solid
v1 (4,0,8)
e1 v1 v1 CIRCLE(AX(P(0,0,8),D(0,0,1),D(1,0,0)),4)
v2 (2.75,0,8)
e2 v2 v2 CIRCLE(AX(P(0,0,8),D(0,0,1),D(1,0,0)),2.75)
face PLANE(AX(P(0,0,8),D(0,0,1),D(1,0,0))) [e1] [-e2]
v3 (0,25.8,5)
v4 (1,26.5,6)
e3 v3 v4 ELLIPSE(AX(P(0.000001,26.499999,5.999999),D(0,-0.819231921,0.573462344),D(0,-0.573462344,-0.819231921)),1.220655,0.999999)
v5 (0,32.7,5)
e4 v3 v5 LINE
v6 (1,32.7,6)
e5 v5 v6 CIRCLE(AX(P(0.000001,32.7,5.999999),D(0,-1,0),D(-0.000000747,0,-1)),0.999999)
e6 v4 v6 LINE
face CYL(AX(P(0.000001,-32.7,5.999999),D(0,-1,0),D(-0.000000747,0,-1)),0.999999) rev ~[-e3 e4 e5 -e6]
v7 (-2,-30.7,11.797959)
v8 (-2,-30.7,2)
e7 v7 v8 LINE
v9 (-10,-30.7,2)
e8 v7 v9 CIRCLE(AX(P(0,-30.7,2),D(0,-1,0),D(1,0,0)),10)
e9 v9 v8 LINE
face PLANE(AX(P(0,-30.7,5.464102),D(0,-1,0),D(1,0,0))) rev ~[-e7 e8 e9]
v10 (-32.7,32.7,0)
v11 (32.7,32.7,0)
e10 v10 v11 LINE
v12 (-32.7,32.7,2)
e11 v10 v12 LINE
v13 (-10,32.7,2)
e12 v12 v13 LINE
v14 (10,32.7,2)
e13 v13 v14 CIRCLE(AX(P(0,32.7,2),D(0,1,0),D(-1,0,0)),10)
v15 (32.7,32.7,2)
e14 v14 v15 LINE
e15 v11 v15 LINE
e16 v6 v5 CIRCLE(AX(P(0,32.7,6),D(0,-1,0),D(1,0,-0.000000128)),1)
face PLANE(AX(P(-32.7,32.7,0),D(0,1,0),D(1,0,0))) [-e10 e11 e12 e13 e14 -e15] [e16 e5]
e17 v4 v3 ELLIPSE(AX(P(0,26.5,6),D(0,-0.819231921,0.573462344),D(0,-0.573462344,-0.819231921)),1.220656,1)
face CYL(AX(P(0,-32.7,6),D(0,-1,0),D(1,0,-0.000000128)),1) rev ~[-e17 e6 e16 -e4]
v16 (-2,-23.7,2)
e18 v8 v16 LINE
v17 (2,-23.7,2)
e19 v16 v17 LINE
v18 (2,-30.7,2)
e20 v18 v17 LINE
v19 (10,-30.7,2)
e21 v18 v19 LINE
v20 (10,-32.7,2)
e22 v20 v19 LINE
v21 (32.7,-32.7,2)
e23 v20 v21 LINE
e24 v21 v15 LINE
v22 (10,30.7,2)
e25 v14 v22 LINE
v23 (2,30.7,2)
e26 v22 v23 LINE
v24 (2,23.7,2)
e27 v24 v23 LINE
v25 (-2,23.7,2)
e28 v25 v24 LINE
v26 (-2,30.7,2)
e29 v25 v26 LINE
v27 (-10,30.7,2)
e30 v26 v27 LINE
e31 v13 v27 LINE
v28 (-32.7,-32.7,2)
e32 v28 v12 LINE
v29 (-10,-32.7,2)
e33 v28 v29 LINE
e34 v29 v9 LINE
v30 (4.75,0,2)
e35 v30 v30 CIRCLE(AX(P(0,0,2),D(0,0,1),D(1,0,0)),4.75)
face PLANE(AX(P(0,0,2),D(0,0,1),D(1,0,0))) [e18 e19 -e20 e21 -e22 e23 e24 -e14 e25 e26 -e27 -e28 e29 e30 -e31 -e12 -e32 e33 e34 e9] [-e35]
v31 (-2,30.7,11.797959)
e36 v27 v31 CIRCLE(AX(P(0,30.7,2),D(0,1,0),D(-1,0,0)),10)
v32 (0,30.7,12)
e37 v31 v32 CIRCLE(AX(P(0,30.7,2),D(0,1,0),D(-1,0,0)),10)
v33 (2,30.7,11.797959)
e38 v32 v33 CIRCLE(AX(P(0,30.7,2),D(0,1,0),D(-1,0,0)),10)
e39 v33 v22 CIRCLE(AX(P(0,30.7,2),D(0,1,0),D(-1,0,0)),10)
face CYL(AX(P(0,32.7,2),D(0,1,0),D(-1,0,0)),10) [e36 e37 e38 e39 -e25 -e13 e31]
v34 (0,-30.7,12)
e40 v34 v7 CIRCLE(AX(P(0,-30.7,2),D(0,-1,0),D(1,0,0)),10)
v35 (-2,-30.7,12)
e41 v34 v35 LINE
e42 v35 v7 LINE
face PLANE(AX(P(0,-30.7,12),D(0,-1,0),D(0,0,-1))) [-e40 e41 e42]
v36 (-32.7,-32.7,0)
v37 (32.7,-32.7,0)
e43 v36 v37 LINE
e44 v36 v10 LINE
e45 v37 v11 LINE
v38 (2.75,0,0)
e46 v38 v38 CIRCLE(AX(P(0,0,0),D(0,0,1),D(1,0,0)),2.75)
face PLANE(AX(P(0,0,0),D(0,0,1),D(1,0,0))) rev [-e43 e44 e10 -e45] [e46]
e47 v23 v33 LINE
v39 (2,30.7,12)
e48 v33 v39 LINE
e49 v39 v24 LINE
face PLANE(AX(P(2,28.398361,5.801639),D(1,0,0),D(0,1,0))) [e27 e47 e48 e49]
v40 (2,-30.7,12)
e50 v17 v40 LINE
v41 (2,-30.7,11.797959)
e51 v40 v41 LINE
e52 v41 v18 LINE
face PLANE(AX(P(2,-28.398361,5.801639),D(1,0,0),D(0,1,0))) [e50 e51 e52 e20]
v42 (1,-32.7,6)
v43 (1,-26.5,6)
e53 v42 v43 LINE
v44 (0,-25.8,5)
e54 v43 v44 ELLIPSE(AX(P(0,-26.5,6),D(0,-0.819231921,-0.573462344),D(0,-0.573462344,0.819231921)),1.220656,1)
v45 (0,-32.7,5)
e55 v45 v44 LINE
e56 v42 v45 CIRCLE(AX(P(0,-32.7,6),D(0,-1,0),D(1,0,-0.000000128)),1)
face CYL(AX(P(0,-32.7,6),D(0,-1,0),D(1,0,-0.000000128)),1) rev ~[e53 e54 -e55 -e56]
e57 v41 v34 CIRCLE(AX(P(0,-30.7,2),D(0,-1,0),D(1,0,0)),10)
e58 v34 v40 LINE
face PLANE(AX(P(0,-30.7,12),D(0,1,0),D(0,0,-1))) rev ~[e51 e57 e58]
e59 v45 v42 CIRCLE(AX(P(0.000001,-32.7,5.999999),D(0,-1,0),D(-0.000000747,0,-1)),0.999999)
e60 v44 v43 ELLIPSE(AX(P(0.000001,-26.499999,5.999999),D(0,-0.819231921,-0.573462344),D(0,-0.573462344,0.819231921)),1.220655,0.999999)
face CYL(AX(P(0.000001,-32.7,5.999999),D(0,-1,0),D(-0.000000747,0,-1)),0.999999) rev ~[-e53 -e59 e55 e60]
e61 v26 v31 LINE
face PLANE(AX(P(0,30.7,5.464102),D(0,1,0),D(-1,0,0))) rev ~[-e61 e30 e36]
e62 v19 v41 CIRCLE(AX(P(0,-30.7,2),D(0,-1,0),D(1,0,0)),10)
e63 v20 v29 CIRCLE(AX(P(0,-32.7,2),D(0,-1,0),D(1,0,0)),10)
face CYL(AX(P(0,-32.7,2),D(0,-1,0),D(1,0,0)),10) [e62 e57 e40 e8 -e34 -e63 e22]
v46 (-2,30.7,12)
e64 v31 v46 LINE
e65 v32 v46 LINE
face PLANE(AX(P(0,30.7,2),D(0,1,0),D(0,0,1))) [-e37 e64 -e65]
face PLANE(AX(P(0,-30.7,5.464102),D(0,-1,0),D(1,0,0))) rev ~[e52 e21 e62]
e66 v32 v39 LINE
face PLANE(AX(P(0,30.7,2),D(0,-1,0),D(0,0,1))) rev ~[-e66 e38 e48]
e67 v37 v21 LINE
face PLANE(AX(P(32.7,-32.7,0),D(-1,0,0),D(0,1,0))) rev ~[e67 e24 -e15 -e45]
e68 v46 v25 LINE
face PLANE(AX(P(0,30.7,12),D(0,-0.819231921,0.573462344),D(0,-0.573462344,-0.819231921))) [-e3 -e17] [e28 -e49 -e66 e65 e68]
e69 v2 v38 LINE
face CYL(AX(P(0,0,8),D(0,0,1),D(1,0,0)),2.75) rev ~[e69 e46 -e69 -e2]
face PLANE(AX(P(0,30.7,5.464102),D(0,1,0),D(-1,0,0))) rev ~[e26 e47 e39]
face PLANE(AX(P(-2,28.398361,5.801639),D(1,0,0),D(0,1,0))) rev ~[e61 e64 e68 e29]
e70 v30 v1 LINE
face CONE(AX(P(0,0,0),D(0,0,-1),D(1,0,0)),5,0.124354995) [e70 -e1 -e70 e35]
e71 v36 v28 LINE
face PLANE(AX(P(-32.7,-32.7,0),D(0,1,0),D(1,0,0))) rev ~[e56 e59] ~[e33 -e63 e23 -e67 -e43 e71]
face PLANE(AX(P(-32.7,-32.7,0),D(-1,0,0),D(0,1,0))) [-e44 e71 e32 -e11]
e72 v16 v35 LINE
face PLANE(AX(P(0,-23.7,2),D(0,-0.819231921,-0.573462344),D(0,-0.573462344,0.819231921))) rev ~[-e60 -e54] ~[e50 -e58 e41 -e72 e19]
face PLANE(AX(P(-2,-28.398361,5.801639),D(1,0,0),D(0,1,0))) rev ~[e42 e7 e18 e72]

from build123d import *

# Parameters (mm, degrees)
F0_W          = 65.4
F0_H          = 65.4
F1_DEPTH      = 2
F3_DEPTH      = 2
F5_DEPTH      = 2
F7_DEPTH      = 2
F7_DEPTH_BACK = 2
F9_DEPTH      = 65.401
F12_R         = 2.75
F13_DEPTH     = 8.001


with BuildPart() as f1:
    # F0 (on Top) → F1 (new body)
    with BuildSketch(Plane.XY):
        Rectangle(F0_W, F0_H)
    extrude(amount=F1_DEPTH)

    # F2 (on face) → F3 (join)
    with BuildSketch(Plane.XZ.offset(32.7)):
        with BuildLine():
            Line((-10, 2), (0, 2))
            Line((0, 2), (10, 2))
            ThreePointArc((10, 2), (0, 12), (-10, 2))
        make_face()
    extrude(amount=-F3_DEPTH)

    # F4 (on face) → F5 (join)
    with BuildSketch(Plane(origin=(0, 32.7, 0), x_dir=(-1, 0, 0), z_dir=(0, 1, 0))):
        with BuildLine():
            Line((-10, 2), (0, 2))
            Line((0, 2), (10, 2))
            ThreePointArc((10, 2), (0, 12), (-10, 2))
        make_face()
    extrude(amount=-F5_DEPTH)

    # F6 (on Right) → F7 (join, two sides)
    with BuildSketch(Plane.YZ) as f7_sk:
        Polygon((23.7, 2), (30.7, 2), (30.7, 12), align=None)
        Polygon((-23.7, 2), (-30.7, 12), (-30.7, 2), align=None)
    extrude(amount=F7_DEPTH)
    extrude(f7_sk.sketch, amount=-F7_DEPTH_BACK)

    # F8 (on face) → F9 (cut, through all)
    with BuildSketch(Plane.XZ.offset(32.7)):
        with BuildLine():
            ThreePointArc((0, 5), (0.707107, 5.292893), (1, 6))
            ThreePointArc((1, 6), (-0.707107, 6.707107), (0, 5))
        make_face()
    extrude(amount=-F9_DEPTH, mode=Mode.SUBTRACT)

    # F10 (on Front) → F11 (revolve)
    with BuildSketch(Plane.XZ):
        Polygon((0, 8), (0, 0), (5, 0), (4, 8), align=None)
    revolve(axis=Axis((0, 0, 4), (0, 0, 1)))

    # F12 (on face) → F13 (cut, through all)
    with BuildSketch(Plane.XY.offset(8)):
        Circle(F12_R)
    extrude(amount=-F13_DEPTH, mode=Mode.SUBTRACT)


solid = f1.part
